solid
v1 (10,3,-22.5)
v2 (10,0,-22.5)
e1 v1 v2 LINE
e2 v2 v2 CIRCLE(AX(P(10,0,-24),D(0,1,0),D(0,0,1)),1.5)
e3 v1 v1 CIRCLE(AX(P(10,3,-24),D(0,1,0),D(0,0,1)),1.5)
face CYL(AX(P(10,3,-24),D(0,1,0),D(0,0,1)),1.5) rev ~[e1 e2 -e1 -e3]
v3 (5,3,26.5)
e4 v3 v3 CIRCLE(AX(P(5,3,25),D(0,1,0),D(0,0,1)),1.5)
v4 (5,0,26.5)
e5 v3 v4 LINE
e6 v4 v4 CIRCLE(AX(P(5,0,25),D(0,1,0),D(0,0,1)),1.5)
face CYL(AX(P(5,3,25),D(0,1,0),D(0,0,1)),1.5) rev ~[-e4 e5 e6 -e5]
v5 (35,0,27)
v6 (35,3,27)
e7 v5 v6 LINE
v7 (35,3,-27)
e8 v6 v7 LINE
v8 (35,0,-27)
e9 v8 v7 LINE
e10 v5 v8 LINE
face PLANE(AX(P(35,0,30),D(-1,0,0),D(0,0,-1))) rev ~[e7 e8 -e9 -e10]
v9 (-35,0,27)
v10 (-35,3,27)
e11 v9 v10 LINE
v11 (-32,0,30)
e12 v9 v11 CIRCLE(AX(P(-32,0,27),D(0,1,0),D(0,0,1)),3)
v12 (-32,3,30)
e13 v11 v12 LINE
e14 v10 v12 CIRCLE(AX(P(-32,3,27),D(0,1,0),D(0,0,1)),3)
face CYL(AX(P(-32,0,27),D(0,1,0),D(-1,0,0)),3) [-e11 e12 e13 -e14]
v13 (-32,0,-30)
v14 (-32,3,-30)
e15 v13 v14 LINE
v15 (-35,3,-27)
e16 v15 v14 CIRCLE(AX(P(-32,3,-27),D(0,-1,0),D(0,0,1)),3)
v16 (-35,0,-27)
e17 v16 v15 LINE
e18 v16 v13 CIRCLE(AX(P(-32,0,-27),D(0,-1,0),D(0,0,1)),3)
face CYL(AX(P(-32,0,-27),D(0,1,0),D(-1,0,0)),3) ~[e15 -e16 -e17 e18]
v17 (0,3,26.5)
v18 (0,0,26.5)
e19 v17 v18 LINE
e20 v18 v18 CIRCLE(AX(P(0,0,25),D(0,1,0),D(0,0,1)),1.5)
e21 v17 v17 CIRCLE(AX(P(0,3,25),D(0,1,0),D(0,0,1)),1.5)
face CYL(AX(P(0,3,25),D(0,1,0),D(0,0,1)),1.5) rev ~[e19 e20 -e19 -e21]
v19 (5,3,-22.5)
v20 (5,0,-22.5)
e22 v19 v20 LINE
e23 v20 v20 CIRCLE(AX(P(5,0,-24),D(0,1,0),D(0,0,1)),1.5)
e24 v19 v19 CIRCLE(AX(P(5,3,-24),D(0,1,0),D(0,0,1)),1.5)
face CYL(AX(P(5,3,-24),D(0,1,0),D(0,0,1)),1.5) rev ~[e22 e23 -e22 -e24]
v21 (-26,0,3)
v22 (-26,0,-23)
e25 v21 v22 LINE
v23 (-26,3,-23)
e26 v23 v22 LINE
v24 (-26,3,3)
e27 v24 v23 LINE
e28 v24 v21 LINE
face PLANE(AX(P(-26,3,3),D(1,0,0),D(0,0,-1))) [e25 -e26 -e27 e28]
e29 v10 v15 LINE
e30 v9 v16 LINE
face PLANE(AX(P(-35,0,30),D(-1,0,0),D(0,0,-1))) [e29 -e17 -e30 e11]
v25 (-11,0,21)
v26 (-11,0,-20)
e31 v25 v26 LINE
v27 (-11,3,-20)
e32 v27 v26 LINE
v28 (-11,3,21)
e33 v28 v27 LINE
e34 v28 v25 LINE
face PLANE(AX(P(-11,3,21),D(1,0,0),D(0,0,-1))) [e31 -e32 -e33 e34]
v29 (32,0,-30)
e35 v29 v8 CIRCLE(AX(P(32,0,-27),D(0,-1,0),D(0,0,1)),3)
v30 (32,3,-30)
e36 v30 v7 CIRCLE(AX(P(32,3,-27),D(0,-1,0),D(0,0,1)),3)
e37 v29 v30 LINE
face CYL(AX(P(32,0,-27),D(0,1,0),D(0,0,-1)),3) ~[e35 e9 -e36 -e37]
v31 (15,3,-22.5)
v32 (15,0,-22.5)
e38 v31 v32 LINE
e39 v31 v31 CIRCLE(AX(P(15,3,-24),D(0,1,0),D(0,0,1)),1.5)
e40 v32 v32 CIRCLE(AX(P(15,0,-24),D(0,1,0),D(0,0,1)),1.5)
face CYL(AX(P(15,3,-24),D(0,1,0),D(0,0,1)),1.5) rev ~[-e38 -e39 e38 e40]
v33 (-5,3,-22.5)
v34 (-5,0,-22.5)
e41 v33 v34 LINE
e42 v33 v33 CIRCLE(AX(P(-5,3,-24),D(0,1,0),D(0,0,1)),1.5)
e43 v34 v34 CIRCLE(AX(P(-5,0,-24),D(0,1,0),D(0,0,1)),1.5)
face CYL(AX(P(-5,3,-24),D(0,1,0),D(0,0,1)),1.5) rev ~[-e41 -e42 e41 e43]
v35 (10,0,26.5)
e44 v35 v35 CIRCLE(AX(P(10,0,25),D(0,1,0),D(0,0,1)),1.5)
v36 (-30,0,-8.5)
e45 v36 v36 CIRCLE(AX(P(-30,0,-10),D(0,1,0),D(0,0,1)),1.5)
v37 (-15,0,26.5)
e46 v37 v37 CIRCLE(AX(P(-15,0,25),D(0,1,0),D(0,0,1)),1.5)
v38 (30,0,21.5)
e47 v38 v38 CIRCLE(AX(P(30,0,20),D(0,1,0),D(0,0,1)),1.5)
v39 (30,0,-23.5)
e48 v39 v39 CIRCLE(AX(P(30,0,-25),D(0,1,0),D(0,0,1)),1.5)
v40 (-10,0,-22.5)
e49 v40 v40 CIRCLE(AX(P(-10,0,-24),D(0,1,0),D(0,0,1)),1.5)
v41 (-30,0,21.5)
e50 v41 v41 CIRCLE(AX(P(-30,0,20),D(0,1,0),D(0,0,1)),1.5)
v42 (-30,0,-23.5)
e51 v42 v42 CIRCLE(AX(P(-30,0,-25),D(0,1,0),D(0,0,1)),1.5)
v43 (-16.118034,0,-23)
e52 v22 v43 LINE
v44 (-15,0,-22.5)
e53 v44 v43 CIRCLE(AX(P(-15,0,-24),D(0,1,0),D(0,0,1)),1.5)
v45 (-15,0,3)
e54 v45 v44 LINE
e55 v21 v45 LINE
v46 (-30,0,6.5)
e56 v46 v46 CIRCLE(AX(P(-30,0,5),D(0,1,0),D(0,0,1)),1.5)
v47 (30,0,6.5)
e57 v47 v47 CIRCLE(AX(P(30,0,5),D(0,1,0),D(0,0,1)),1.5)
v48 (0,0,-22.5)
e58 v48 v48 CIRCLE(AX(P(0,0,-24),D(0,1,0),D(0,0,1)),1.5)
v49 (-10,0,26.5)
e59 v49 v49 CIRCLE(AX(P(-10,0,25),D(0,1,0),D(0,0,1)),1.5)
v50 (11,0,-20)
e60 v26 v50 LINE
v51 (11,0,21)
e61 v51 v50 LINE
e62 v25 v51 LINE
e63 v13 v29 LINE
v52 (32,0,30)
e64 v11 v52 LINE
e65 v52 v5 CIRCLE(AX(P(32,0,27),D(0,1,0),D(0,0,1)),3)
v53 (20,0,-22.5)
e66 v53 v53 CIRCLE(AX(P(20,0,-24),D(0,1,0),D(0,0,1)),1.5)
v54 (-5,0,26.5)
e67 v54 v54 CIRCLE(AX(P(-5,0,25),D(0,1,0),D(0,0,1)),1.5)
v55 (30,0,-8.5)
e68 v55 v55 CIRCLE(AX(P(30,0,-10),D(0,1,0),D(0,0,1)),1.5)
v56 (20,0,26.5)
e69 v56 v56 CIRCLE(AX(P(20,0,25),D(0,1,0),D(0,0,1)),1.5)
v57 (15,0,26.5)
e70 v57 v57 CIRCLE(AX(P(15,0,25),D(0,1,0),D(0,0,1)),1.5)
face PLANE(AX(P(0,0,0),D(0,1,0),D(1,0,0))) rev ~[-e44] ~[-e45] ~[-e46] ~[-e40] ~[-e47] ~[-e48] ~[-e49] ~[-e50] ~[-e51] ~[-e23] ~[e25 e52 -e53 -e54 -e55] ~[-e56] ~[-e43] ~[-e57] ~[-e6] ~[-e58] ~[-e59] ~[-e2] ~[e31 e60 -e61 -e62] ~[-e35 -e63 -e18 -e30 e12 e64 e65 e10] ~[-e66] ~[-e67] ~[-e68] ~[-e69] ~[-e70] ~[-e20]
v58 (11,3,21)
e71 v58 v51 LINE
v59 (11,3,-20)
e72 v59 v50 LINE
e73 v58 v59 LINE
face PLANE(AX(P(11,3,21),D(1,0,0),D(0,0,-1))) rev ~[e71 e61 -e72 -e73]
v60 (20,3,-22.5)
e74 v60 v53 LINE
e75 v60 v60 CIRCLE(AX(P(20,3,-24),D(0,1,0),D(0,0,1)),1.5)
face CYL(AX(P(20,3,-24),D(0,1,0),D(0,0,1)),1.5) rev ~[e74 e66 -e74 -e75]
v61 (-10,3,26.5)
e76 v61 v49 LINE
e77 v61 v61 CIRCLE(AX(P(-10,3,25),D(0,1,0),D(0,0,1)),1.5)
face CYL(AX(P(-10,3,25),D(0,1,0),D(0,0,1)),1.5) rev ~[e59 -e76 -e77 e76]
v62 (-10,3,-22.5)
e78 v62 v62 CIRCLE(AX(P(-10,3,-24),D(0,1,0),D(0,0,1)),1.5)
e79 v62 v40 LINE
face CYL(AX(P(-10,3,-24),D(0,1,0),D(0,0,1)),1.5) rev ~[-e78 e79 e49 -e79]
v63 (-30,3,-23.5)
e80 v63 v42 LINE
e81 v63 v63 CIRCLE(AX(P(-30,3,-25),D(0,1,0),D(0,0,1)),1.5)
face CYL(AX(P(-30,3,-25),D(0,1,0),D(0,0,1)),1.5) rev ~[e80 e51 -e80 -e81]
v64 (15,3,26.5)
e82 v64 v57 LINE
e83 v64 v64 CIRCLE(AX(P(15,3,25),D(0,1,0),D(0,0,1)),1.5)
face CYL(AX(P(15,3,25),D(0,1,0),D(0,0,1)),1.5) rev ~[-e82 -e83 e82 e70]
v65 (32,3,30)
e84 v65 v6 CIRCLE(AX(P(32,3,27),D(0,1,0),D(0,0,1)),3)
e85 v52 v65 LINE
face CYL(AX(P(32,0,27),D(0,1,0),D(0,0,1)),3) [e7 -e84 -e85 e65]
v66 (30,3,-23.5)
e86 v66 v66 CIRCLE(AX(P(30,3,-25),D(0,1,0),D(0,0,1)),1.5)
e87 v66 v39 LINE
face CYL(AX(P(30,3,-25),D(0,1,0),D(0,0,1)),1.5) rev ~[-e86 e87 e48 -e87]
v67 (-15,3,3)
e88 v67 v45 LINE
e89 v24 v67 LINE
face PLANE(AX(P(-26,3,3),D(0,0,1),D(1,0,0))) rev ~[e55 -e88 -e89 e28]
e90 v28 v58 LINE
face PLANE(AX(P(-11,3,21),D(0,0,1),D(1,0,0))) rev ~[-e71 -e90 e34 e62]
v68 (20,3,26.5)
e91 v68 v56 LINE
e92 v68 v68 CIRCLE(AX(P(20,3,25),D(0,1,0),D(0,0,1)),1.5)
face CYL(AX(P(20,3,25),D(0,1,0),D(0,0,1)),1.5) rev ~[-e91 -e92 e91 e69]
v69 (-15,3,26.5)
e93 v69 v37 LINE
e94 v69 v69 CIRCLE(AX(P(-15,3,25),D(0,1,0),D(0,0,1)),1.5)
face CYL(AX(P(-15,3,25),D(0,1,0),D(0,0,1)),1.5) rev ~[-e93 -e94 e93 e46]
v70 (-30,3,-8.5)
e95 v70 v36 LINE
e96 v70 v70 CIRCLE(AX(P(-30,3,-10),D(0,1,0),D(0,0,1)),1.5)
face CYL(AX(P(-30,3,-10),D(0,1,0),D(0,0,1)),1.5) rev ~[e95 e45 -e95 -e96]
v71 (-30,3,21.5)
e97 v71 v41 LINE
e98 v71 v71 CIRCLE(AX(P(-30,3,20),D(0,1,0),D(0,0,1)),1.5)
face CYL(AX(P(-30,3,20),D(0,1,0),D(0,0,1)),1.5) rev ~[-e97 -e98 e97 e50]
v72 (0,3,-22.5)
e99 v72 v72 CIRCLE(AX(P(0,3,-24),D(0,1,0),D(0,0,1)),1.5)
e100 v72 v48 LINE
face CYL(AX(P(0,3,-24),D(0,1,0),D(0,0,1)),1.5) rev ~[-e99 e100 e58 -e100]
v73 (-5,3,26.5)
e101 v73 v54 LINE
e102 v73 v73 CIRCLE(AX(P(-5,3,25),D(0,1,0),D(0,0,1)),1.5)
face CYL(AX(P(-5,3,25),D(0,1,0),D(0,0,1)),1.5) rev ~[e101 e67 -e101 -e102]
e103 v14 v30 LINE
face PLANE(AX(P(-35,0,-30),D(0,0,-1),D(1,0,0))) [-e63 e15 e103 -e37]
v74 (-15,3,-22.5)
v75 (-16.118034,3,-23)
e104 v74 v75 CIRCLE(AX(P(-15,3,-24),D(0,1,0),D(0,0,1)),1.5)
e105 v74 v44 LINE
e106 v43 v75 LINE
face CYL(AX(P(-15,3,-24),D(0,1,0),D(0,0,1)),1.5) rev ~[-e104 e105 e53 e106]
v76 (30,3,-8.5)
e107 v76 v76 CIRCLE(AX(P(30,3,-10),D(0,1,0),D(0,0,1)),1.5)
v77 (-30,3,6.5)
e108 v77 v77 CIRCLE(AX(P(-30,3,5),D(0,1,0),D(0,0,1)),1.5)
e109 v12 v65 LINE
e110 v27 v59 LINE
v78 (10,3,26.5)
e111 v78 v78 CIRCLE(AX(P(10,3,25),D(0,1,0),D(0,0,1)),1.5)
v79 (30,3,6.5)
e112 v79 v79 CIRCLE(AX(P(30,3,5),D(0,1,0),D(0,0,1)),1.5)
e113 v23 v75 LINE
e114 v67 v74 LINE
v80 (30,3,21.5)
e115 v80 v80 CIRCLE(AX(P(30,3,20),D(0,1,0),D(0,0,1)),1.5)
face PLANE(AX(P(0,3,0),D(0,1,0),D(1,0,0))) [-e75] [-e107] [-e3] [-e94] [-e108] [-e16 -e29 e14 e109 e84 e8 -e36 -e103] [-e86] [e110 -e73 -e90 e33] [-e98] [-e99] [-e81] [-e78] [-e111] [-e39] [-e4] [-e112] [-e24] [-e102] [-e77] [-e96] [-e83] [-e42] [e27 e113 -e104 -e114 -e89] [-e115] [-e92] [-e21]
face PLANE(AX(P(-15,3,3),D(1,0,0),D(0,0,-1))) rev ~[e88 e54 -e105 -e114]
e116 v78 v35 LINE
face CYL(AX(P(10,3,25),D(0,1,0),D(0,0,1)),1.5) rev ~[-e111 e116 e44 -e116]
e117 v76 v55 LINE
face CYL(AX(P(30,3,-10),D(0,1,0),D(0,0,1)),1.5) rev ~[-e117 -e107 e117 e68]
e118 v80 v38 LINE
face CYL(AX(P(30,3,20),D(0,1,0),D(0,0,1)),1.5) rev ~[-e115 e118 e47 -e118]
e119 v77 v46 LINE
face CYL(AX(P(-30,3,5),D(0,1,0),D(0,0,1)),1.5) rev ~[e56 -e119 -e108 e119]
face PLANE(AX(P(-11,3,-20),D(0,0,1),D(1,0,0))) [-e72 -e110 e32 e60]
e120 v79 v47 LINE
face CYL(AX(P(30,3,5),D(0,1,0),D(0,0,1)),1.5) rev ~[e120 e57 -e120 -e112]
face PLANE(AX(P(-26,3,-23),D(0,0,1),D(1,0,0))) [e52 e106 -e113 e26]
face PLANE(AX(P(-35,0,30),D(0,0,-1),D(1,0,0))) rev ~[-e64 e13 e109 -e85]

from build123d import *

# Parameters (mm, degrees)
SKETCH1_W           = 70
SKETCH1_H           = 60
ACRYLIC_BOARD_DEPTH = 3
SKETCH2_R           = 1.5
TO_CHASSIS_DEPTH    = 3
SKETCH3_R           = 1.5
SERVO_SCREW_DEPTH   = 3
SKETCH4_W           = 22
SKETCH4_H           = 41
SKETCH4_W_2         = 11
SKETCH4_H_2         = 26
SERVO_DEPTH         = 3
FILLET1_R           = 3


with BuildPart() as part:
    # Sketch1 → Acrylic Board (new body)
    with BuildSketch(Plane(origin=(0, 0, 0), x_dir=(1, 0, 0), z_dir=(0, 1, 0))):
        Rectangle(SKETCH1_W, SKETCH1_H)
    extrude(amount=ACRYLIC_BOARD_DEPTH)

    # Sketch2 → To Chassis (cut)
    with BuildSketch(Plane(origin=(0, 3, 0), x_dir=(1, 0, 0), z_dir=(0, 1, 0))):
        with Locations(Location((-30, 25, 0), (0, 0, 270))):
            Circle(SKETCH2_R)
        with Locations(Location((30, 25, 0), (0, 0, 270))):
            Circle(SKETCH2_R)
        with Locations(Location((30, 10, 0), (0, 0, 270))):
            Circle(SKETCH2_R)
        with Locations(Location((30, -5, 0), (0, 0, 270))):
            Circle(SKETCH2_R)
        with Locations(Location((30, -20, 0), (0, 0, 270))):
            Circle(SKETCH2_R)
        with Locations(Location((-30, 10, 0), (0, 0, 270))):
            Circle(SKETCH2_R)
        with Locations(Location((-30, -5, 0), (0, 0, 270))):
            Circle(SKETCH2_R)
        with Locations(Location((-30, -20, 0), (0, 0, 270))):
            Circle(SKETCH2_R)
    extrude(amount=-TO_CHASSIS_DEPTH, mode=Mode.SUBTRACT)

    # Sketch3 → Servo Screw (cut)
    with BuildSketch(Plane(origin=(0, 3, 0), x_dir=(1, 0, 0), z_dir=(0, 1, 0))):
        with Locations(Location((20, -25, 0), (0, 0, 270))):
            Circle(SKETCH3_R)
        with Locations(Location((15, -25, 0), (0, 0, 270))):
            Circle(SKETCH3_R)
        with Locations(Location((5, -25, 0), (0, 0, 270))):
            Circle(SKETCH3_R)
        with Locations(Location((10, -25, 0), (0, 0, 270))):
            Circle(SKETCH3_R)
        with Locations(Location((-5, -25, 0), (0, 0, 270))):
            Circle(SKETCH3_R)
        with Locations(Location((-10, -25, 0), (0, 0, 270))):
            Circle(SKETCH3_R)
        with Locations(Location((-15, -25, 0), (0, 0, 270))):
            Circle(SKETCH3_R)
        with Locations(Location((-15, 24, 0), (0, 0, 270))):
            Circle(SKETCH3_R)
        with Locations(Location((-10, 24, 0), (0, 0, 270))):
            Circle(SKETCH3_R)
        with Locations(Location((0, 24, 0), (0, 0, 270))):
            Circle(SKETCH3_R)
        with Locations(Location((5, 24, 0), (0, 0, 270))):
            Circle(SKETCH3_R)
        with Locations(Location((10, 24, 0), (0, 0, 270))):
            Circle(SKETCH3_R)
        with Locations(Location((15, 24, 0), (0, 0, 270))):
            Circle(SKETCH3_R)
        with Locations(Location((20, 24, 0), (0, 0, 270))):
            Circle(SKETCH3_R)
        with Locations(Location((0, -25, 0), (0, 0, 270))):
            Circle(SKETCH3_R)
        with Locations(Location((-5, 24, 0), (0, 0, 270))):
            Circle(SKETCH3_R)
    extrude(amount=-SERVO_SCREW_DEPTH, mode=Mode.SUBTRACT)

    # Sketch4 → Servo (cut)
    with BuildSketch(Plane(origin=(0, 3, 0), x_dir=(1, 0, 0), z_dir=(0, 1, 0))):
        with Locations((0, -0.5)):
            Rectangle(SKETCH4_W, SKETCH4_H)
        with Locations((-20.5, 10)):
            Rectangle(SKETCH4_W_2, SKETCH4_H_2)
    extrude(amount=-SERVO_DEPTH, mode=Mode.SUBTRACT)

    # Fillet1
    fillet1_edges = [part.edges().sort_by_distance(p)[0] for p in [
        (-35, 1.5, -30),
        (35, 1.5, -30),
        (35, 1.5, 30),
        (-35, 1.5, 30),
    ]]
    fillet(fillet1_edges, radius=FILLET1_R)


solid = part.part
